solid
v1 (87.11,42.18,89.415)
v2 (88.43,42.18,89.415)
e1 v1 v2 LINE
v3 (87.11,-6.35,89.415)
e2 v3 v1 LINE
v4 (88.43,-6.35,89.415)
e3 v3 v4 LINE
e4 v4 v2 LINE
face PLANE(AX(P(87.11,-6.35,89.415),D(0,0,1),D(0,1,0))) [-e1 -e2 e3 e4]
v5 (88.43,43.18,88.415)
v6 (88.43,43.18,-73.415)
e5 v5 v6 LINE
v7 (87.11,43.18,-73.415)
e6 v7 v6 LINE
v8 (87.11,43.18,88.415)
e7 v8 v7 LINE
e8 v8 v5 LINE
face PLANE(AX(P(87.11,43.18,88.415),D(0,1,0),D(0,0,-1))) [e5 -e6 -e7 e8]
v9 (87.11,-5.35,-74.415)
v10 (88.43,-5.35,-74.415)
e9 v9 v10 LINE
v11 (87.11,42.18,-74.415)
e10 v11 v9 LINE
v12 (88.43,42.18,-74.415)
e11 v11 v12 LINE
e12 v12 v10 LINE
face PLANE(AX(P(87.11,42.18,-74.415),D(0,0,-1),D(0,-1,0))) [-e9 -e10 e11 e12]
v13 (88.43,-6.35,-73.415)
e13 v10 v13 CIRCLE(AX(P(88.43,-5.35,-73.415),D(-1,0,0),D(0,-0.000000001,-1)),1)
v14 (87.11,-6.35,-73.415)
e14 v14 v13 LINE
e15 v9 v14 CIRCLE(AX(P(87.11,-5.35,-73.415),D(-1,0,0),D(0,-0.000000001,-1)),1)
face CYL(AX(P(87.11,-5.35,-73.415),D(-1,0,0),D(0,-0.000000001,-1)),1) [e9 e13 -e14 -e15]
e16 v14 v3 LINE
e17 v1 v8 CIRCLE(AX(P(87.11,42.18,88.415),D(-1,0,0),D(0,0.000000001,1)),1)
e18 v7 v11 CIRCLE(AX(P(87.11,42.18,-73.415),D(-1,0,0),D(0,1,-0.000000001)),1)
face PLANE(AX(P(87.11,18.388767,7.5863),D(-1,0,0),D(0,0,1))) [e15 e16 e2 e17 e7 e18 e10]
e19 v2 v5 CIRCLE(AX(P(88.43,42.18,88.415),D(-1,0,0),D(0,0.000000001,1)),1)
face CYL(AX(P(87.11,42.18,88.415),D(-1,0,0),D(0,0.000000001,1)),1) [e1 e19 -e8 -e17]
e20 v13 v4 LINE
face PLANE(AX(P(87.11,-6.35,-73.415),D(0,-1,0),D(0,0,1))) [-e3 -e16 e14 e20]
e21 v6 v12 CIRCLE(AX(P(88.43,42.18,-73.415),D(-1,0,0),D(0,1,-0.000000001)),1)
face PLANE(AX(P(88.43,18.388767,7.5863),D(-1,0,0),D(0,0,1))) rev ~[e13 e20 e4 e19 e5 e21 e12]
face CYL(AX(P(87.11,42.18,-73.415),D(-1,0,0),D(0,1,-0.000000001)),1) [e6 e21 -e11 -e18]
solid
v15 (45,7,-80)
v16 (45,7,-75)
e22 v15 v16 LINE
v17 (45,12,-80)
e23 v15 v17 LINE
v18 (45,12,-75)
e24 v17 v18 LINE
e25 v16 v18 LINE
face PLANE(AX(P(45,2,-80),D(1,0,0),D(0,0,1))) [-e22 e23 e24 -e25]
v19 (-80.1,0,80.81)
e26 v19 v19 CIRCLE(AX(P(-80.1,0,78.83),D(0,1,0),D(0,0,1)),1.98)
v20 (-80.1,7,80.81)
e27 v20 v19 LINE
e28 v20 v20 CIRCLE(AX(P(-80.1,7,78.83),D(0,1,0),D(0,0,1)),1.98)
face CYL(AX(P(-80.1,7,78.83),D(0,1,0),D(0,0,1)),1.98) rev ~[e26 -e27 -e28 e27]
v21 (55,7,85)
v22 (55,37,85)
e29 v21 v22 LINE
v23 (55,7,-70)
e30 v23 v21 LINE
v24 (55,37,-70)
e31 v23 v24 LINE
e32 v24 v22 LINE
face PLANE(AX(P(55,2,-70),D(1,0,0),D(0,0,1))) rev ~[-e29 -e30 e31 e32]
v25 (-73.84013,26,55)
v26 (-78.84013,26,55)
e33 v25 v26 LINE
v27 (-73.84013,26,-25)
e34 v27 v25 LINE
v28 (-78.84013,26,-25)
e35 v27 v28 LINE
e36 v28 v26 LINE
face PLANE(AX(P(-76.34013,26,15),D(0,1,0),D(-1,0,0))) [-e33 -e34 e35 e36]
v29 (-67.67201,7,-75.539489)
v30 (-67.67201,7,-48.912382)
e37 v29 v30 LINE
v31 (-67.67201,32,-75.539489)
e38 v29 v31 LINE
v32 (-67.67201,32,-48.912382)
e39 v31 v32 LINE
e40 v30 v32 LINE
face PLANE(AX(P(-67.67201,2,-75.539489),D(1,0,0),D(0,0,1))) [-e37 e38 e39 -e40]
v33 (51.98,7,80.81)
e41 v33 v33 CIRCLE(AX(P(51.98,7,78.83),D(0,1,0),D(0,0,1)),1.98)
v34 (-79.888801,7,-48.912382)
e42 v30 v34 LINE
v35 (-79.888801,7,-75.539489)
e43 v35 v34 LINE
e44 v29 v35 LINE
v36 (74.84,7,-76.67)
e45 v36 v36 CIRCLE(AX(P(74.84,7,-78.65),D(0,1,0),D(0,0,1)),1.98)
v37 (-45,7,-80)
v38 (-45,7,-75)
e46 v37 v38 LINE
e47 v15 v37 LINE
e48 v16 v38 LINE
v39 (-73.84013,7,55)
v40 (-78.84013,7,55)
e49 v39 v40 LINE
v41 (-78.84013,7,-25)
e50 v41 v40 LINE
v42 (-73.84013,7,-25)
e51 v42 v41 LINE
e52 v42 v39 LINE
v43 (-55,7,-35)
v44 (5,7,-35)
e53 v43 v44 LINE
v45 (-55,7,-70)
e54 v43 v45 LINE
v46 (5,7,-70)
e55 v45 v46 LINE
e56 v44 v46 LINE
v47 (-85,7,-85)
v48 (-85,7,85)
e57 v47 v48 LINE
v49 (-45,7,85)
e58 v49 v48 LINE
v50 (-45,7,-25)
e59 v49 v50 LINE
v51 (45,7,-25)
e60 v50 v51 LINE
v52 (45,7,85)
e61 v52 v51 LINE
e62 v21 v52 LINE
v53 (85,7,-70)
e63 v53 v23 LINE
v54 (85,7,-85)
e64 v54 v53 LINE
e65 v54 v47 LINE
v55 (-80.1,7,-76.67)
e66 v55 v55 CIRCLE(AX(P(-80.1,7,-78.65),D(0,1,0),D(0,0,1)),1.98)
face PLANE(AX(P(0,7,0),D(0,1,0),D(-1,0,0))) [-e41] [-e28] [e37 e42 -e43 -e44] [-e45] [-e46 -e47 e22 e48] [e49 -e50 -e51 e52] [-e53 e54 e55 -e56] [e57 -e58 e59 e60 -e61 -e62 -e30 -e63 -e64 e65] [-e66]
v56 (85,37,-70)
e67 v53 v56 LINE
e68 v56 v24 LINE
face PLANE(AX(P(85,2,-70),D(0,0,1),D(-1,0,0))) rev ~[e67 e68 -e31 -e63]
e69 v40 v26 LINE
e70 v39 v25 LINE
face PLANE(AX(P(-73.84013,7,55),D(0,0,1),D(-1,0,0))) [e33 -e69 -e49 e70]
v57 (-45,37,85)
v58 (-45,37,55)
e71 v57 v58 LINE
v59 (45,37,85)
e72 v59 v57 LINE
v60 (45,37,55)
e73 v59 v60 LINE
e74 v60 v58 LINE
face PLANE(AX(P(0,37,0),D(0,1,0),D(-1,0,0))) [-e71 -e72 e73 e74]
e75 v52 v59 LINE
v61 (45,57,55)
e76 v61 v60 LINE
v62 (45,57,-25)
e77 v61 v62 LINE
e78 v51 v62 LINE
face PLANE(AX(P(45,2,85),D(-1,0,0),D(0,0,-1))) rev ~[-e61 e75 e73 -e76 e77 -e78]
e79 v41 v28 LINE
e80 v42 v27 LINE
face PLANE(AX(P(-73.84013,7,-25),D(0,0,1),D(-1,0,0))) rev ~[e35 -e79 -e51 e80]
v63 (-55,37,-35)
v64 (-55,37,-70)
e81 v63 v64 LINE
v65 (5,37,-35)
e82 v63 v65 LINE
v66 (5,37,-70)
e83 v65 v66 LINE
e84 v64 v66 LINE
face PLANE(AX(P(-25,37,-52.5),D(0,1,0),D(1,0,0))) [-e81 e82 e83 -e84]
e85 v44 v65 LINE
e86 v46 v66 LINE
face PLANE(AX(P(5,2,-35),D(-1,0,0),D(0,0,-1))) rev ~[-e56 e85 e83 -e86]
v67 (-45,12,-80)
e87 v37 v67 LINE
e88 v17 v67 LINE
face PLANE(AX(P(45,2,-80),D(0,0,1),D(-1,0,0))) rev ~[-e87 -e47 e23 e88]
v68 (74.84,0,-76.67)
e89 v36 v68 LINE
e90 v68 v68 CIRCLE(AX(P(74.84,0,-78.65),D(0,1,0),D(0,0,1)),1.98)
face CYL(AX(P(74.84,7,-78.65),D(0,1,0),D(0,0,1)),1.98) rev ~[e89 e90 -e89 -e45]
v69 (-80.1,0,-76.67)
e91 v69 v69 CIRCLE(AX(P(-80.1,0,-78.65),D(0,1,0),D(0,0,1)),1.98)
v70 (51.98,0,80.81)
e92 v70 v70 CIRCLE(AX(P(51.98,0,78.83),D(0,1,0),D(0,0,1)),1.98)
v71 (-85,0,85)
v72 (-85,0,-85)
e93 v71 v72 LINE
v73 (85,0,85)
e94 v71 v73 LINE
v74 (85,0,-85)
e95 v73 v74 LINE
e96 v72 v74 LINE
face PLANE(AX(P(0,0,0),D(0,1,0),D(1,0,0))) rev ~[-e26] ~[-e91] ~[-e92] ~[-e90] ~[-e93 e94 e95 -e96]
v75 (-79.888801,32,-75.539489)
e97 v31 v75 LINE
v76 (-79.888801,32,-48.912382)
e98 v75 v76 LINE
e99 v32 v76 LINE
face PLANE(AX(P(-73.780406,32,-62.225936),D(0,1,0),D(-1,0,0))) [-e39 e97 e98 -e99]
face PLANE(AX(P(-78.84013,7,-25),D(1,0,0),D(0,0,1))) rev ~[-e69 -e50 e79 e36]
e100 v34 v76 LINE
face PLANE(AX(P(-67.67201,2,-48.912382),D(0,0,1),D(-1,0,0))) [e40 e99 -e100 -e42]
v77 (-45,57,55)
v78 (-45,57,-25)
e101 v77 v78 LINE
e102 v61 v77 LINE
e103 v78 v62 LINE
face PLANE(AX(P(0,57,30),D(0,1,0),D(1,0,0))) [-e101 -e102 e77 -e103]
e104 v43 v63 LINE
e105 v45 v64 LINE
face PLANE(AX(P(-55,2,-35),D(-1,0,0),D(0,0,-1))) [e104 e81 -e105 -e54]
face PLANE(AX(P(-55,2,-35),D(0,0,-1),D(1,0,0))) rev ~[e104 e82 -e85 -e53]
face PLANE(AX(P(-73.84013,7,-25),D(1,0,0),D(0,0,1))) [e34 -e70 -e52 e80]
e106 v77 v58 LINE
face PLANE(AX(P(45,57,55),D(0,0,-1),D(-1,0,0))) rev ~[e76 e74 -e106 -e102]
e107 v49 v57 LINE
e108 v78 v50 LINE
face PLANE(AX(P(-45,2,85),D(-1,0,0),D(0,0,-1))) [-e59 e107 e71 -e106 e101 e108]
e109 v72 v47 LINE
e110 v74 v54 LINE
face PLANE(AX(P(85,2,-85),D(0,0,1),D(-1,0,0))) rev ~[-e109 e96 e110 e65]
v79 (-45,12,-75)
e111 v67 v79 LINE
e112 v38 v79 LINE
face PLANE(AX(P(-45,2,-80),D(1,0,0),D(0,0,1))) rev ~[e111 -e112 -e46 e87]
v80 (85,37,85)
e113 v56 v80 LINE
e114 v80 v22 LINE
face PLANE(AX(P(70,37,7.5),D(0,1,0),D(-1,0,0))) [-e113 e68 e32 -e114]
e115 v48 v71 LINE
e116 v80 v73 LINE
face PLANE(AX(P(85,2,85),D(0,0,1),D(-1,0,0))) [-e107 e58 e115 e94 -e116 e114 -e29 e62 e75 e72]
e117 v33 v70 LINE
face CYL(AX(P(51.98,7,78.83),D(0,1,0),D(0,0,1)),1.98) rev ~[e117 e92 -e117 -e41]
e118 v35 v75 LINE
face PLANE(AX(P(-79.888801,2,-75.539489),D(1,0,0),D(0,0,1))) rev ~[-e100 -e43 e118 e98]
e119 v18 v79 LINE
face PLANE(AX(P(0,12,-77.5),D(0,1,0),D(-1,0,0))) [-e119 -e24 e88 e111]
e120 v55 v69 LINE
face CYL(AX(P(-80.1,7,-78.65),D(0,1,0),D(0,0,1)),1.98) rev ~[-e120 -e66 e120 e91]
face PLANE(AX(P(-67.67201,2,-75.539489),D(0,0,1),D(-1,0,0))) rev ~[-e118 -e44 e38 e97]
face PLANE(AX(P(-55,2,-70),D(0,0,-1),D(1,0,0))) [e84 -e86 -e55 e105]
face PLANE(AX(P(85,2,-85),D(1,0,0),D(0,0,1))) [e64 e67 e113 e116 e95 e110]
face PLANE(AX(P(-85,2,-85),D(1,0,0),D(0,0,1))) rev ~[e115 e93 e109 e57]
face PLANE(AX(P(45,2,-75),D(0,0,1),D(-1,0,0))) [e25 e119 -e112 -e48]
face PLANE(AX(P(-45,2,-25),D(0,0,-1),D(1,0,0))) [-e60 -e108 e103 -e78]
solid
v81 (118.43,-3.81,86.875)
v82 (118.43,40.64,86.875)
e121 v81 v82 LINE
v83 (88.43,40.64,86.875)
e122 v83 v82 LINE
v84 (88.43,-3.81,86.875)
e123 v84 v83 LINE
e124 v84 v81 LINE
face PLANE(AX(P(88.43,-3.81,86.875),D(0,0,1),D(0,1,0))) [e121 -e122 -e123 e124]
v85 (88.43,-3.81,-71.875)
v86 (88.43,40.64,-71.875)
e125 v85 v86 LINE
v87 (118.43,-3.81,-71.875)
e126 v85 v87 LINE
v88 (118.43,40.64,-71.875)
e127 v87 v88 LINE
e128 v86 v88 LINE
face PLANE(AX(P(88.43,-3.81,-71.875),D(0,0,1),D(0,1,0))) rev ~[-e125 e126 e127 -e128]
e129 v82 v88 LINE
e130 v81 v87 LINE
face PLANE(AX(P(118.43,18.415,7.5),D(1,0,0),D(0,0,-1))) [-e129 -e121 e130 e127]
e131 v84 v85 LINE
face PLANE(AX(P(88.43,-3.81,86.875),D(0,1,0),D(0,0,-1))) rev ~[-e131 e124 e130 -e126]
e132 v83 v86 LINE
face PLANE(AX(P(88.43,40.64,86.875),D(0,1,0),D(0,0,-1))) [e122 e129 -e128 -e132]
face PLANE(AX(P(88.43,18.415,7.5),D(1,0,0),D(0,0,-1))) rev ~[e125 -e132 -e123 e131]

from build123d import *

# Parameters (mm, degrees)
SKETCH1_W                          = 170
SKETCH1_H                          = 170
ALUSPLAAT_DEPTH                    = 2
SKETCH2_W                          = 30
SKETCH2_H                          = 155
PISTIKUD_DEPTH                     = 35
SKETCH3_W                          = 90
SKETCH3_H                          = 110
CPU_M_LUD_DEPTH                    = 55
SKETCH4_W                          = 60
SKETCH4_H                          = 35
SININE_RADIKAS_DEPTH               = 35
SKETCH5_W                          = 90
SKETCH5_H                          = 5
PCIE_PESA_DEPTH                    = 10
SKETCH6_W                          = 12.216790721
SKETCH6_H                          = 26.62710746
RAID_PESAD_DEPTH                   = 30
SKETCH7_W                          = 170
SKETCH7_H                          = 170
LE_LDINE_M_RA_DEPTH                = 5
SKETCH8_W                          = 5
SKETCH8_H                          = 80
PATREI_JA_IGASUGUSED_L_LITID_DEPTH = 19
SKETCH9_OUTSIDE_W                  = 221.416
SKETCH9_OUTSIDE_H                  = 221.416
SKETCH9_OUTSIDE_W_2                = 90
SKETCH9_OUTSIDE_H_2                = 80
M_LUD_DEPTH                        = 20
CUT_EXTRUDE2_REACH                 = 132.192
SKETCH10_R                         = 1.98
BOSS_EXTRUDE1_DEPTH                = 1.32
SKETCH12_W                         = 158.75
SKETCH12_H                         = 44.45
BOSS_EXTRUDE2_DEPTH                = 30


with BuildPart() as part:
    # Sketch1 → alusplaat (new body)
    with BuildSketch(Plane(origin=(0, 0, 0), x_dir=(1, 0, 0), z_dir=(0, 1, 0))):
        Rectangle(SKETCH1_W, SKETCH1_H)
    extrude(amount=ALUSPLAAT_DEPTH)

    # Sketch2 → pistikud (add)
    with BuildSketch(Plane(origin=(0, 2, 0), x_dir=(-1, 0, 0), z_dir=(0, 1, 0))):
        with Locations((-70, 7.5)):
            Rectangle(SKETCH2_W, SKETCH2_H)
    extrude(amount=PISTIKUD_DEPTH)

    # Sketch3 → cpu+mälud (add)
    with BuildSketch(Plane(origin=(0, 2, 0), x_dir=(1, 0, 0), z_dir=(0, 1, 0))):
        with Locations((0, -30)):
            Rectangle(SKETCH3_W, SKETCH3_H)
    extrude(amount=CPU_M_LUD_DEPTH)

    # Sketch4 → sinine radikas (add)
    with BuildSketch(Plane(origin=(0, 2, 0), x_dir=(1, 0, 0), z_dir=(0, 1, 0))):
        with Locations((-25, 52.5)):
            Rectangle(SKETCH4_W, SKETCH4_H)
    extrude(amount=SININE_RADIKAS_DEPTH)

    # Sketch5 → pcie pesa (add)
    with BuildSketch(Plane(origin=(0, 2, 0), x_dir=(-1, 0, 0), z_dir=(0, 1, 0))):
        with Locations((0, -77.5)):
            Rectangle(SKETCH5_W, SKETCH5_H)
    extrude(amount=PCIE_PESA_DEPTH)

    # Sketch6 → raid pesad (add)
    with BuildSketch(Plane(origin=(0, 2, 0), x_dir=(-1, 0, 0), z_dir=(0, 1, 0))):
        with Locations((73.780405742, -62.225935716)):
            Rectangle(SKETCH6_W, SKETCH6_H)
    extrude(amount=RAID_PESAD_DEPTH)

    # Sketch7 → üleüldine müra (add)
    with BuildSketch(Plane(origin=(0, 2, 0), x_dir=(-1, 0, 0), z_dir=(0, 1, 0))):
        Rectangle(SKETCH7_W, SKETCH7_H)
    extrude(amount=LE_LDINE_M_RA_DEPTH)

    # Sketch8 → patrei ja igasugused lülitid (add)
    with BuildSketch(Plane(origin=(0, 7, 0), x_dir=(-1, 0, 0), z_dir=(0, 1, 0))):
        with Locations((76.340130234, 15)):
            Rectangle(SKETCH8_W, SKETCH8_H)
    extrude(amount=PATREI_JA_IGASUGUSED_L_LITID_DEPTH)

    # Sketch9 outside → mälud (cut)
    with BuildSketch(Plane(origin=(0, 57, 0), x_dir=(-1, 0, 0), z_dir=(0, 1, 0))):
        Rectangle(SKETCH9_OUTSIDE_W, SKETCH9_OUTSIDE_H)
        with Locations((0, 15)):
            Rectangle(SKETCH9_OUTSIDE_W_2, SKETCH9_OUTSIDE_H_2, mode=Mode.SUBTRACT)
    extrude(amount=-M_LUD_DEPTH, mode=Mode.SUBTRACT)

    # Sketch10 → Cut-Extrude2 (cut, up to next)
    with BuildSketch(Plane(origin=(0, 7, 0), x_dir=(1, 0, 0), z_dir=(0, 1, 0)), mode=Mode.PRIVATE) as cut_extrude2_sk1:
        with Locations(Location((74.84, 78.65, 0), (0, 0, 270))):
            Circle(SKETCH10_R)
    cut_extrude2_tool1 = extrude(cut_extrude2_sk1.sketch, amount=-CUT_EXTRUDE2_REACH, mode=Mode.PRIVATE) & part.part
    # Sketch10 → Cut-Extrude2 (cut, up to next)
    with BuildSketch(Plane(origin=(0, 7, 0), x_dir=(1, 0, 0), z_dir=(0, 1, 0)), mode=Mode.PRIVATE) as cut_extrude2_sk2:
        with Locations(Location((-80.1, 78.65, 0), (0, 0, 270))):
            Circle(SKETCH10_R)
    cut_extrude2_tool2 = extrude(cut_extrude2_sk2.sketch, amount=-CUT_EXTRUDE2_REACH, mode=Mode.PRIVATE) & part.part
    # Sketch10 → Cut-Extrude2 (cut, up to next)
    with BuildSketch(Plane(origin=(0, 7, 0), x_dir=(1, 0, 0), z_dir=(0, 1, 0)), mode=Mode.PRIVATE) as cut_extrude2_sk3:
        with Locations(Location((-80.1, -78.83, 0), (0, 0, 270))):
            Circle(SKETCH10_R)
    cut_extrude2_tool3 = extrude(cut_extrude2_sk3.sketch, amount=-CUT_EXTRUDE2_REACH, mode=Mode.PRIVATE) & part.part
    # Sketch10 → Cut-Extrude2 (cut, up to next)
    with BuildSketch(Plane(origin=(0, 7, 0), x_dir=(1, 0, 0), z_dir=(0, 1, 0)), mode=Mode.PRIVATE) as cut_extrude2_sk4:
        with Locations(Location((51.98, -78.83, 0), (0, 0, 270))):
            Circle(SKETCH10_R)
    cut_extrude2_tool4 = extrude(cut_extrude2_sk4.sketch, amount=-CUT_EXTRUDE2_REACH, mode=Mode.PRIVATE) & part.part
    add(cut_extrude2_tool1.solids().sort_by_distance((74.84, 7, -78.65))[0], mode=Mode.SUBTRACT)
    add(cut_extrude2_tool2.solids().sort_by_distance((-80.1, 7, -78.65))[0], mode=Mode.SUBTRACT)
    add(cut_extrude2_tool3.solids().sort_by_distance((-80.1, 7, 78.83))[0], mode=Mode.SUBTRACT)
    add(cut_extrude2_tool4.solids().sort_by_distance((51.98, 7, 78.83))[0], mode=Mode.SUBTRACT)


with BuildPart() as body_2:
    # Sketch11 → Boss-Extrude1 (new body)
    with BuildSketch(Plane(origin=(87.11, 0, 0), x_dir=(0, 0, -1), z_dir=(1, 0, 0))):
        with BuildLine():
            Line((-88.415, 43.18), (73.415, 43.18))
            ThreePointArc((73.415, 43.18), (74.122106781, 42.887106781), (74.415, 42.18))
            Line((74.415, 42.18), (74.415, -5.35))
            ThreePointArc((74.415, -5.35), (74.122106781, -6.057106781), (73.415, -6.35))
            Line((73.415, -6.35), (-89.415, -6.35))
            Line((-89.415, -6.35), (-89.415, 42.18))
            ThreePointArc((-89.415, 42.18), (-89.122106781, 42.887106781), (-88.415, 43.18))
        make_face()
    extrude(amount=BOSS_EXTRUDE1_DEPTH)


with BuildPart() as body_3:
    # Sketch12 → Boss-Extrude2 (new body)
    with BuildSketch(Plane(origin=(88.43, 0, 0), x_dir=(0, 0, -1), z_dir=(1, 0, 0))):
        with Locations((-7.5, 18.415)):
            Rectangle(SKETCH12_W, SKETCH12_H)
    extrude(amount=BOSS_EXTRUDE2_DEPTH)


solid = Compound([part.part, body_2.part, body_3.part])
